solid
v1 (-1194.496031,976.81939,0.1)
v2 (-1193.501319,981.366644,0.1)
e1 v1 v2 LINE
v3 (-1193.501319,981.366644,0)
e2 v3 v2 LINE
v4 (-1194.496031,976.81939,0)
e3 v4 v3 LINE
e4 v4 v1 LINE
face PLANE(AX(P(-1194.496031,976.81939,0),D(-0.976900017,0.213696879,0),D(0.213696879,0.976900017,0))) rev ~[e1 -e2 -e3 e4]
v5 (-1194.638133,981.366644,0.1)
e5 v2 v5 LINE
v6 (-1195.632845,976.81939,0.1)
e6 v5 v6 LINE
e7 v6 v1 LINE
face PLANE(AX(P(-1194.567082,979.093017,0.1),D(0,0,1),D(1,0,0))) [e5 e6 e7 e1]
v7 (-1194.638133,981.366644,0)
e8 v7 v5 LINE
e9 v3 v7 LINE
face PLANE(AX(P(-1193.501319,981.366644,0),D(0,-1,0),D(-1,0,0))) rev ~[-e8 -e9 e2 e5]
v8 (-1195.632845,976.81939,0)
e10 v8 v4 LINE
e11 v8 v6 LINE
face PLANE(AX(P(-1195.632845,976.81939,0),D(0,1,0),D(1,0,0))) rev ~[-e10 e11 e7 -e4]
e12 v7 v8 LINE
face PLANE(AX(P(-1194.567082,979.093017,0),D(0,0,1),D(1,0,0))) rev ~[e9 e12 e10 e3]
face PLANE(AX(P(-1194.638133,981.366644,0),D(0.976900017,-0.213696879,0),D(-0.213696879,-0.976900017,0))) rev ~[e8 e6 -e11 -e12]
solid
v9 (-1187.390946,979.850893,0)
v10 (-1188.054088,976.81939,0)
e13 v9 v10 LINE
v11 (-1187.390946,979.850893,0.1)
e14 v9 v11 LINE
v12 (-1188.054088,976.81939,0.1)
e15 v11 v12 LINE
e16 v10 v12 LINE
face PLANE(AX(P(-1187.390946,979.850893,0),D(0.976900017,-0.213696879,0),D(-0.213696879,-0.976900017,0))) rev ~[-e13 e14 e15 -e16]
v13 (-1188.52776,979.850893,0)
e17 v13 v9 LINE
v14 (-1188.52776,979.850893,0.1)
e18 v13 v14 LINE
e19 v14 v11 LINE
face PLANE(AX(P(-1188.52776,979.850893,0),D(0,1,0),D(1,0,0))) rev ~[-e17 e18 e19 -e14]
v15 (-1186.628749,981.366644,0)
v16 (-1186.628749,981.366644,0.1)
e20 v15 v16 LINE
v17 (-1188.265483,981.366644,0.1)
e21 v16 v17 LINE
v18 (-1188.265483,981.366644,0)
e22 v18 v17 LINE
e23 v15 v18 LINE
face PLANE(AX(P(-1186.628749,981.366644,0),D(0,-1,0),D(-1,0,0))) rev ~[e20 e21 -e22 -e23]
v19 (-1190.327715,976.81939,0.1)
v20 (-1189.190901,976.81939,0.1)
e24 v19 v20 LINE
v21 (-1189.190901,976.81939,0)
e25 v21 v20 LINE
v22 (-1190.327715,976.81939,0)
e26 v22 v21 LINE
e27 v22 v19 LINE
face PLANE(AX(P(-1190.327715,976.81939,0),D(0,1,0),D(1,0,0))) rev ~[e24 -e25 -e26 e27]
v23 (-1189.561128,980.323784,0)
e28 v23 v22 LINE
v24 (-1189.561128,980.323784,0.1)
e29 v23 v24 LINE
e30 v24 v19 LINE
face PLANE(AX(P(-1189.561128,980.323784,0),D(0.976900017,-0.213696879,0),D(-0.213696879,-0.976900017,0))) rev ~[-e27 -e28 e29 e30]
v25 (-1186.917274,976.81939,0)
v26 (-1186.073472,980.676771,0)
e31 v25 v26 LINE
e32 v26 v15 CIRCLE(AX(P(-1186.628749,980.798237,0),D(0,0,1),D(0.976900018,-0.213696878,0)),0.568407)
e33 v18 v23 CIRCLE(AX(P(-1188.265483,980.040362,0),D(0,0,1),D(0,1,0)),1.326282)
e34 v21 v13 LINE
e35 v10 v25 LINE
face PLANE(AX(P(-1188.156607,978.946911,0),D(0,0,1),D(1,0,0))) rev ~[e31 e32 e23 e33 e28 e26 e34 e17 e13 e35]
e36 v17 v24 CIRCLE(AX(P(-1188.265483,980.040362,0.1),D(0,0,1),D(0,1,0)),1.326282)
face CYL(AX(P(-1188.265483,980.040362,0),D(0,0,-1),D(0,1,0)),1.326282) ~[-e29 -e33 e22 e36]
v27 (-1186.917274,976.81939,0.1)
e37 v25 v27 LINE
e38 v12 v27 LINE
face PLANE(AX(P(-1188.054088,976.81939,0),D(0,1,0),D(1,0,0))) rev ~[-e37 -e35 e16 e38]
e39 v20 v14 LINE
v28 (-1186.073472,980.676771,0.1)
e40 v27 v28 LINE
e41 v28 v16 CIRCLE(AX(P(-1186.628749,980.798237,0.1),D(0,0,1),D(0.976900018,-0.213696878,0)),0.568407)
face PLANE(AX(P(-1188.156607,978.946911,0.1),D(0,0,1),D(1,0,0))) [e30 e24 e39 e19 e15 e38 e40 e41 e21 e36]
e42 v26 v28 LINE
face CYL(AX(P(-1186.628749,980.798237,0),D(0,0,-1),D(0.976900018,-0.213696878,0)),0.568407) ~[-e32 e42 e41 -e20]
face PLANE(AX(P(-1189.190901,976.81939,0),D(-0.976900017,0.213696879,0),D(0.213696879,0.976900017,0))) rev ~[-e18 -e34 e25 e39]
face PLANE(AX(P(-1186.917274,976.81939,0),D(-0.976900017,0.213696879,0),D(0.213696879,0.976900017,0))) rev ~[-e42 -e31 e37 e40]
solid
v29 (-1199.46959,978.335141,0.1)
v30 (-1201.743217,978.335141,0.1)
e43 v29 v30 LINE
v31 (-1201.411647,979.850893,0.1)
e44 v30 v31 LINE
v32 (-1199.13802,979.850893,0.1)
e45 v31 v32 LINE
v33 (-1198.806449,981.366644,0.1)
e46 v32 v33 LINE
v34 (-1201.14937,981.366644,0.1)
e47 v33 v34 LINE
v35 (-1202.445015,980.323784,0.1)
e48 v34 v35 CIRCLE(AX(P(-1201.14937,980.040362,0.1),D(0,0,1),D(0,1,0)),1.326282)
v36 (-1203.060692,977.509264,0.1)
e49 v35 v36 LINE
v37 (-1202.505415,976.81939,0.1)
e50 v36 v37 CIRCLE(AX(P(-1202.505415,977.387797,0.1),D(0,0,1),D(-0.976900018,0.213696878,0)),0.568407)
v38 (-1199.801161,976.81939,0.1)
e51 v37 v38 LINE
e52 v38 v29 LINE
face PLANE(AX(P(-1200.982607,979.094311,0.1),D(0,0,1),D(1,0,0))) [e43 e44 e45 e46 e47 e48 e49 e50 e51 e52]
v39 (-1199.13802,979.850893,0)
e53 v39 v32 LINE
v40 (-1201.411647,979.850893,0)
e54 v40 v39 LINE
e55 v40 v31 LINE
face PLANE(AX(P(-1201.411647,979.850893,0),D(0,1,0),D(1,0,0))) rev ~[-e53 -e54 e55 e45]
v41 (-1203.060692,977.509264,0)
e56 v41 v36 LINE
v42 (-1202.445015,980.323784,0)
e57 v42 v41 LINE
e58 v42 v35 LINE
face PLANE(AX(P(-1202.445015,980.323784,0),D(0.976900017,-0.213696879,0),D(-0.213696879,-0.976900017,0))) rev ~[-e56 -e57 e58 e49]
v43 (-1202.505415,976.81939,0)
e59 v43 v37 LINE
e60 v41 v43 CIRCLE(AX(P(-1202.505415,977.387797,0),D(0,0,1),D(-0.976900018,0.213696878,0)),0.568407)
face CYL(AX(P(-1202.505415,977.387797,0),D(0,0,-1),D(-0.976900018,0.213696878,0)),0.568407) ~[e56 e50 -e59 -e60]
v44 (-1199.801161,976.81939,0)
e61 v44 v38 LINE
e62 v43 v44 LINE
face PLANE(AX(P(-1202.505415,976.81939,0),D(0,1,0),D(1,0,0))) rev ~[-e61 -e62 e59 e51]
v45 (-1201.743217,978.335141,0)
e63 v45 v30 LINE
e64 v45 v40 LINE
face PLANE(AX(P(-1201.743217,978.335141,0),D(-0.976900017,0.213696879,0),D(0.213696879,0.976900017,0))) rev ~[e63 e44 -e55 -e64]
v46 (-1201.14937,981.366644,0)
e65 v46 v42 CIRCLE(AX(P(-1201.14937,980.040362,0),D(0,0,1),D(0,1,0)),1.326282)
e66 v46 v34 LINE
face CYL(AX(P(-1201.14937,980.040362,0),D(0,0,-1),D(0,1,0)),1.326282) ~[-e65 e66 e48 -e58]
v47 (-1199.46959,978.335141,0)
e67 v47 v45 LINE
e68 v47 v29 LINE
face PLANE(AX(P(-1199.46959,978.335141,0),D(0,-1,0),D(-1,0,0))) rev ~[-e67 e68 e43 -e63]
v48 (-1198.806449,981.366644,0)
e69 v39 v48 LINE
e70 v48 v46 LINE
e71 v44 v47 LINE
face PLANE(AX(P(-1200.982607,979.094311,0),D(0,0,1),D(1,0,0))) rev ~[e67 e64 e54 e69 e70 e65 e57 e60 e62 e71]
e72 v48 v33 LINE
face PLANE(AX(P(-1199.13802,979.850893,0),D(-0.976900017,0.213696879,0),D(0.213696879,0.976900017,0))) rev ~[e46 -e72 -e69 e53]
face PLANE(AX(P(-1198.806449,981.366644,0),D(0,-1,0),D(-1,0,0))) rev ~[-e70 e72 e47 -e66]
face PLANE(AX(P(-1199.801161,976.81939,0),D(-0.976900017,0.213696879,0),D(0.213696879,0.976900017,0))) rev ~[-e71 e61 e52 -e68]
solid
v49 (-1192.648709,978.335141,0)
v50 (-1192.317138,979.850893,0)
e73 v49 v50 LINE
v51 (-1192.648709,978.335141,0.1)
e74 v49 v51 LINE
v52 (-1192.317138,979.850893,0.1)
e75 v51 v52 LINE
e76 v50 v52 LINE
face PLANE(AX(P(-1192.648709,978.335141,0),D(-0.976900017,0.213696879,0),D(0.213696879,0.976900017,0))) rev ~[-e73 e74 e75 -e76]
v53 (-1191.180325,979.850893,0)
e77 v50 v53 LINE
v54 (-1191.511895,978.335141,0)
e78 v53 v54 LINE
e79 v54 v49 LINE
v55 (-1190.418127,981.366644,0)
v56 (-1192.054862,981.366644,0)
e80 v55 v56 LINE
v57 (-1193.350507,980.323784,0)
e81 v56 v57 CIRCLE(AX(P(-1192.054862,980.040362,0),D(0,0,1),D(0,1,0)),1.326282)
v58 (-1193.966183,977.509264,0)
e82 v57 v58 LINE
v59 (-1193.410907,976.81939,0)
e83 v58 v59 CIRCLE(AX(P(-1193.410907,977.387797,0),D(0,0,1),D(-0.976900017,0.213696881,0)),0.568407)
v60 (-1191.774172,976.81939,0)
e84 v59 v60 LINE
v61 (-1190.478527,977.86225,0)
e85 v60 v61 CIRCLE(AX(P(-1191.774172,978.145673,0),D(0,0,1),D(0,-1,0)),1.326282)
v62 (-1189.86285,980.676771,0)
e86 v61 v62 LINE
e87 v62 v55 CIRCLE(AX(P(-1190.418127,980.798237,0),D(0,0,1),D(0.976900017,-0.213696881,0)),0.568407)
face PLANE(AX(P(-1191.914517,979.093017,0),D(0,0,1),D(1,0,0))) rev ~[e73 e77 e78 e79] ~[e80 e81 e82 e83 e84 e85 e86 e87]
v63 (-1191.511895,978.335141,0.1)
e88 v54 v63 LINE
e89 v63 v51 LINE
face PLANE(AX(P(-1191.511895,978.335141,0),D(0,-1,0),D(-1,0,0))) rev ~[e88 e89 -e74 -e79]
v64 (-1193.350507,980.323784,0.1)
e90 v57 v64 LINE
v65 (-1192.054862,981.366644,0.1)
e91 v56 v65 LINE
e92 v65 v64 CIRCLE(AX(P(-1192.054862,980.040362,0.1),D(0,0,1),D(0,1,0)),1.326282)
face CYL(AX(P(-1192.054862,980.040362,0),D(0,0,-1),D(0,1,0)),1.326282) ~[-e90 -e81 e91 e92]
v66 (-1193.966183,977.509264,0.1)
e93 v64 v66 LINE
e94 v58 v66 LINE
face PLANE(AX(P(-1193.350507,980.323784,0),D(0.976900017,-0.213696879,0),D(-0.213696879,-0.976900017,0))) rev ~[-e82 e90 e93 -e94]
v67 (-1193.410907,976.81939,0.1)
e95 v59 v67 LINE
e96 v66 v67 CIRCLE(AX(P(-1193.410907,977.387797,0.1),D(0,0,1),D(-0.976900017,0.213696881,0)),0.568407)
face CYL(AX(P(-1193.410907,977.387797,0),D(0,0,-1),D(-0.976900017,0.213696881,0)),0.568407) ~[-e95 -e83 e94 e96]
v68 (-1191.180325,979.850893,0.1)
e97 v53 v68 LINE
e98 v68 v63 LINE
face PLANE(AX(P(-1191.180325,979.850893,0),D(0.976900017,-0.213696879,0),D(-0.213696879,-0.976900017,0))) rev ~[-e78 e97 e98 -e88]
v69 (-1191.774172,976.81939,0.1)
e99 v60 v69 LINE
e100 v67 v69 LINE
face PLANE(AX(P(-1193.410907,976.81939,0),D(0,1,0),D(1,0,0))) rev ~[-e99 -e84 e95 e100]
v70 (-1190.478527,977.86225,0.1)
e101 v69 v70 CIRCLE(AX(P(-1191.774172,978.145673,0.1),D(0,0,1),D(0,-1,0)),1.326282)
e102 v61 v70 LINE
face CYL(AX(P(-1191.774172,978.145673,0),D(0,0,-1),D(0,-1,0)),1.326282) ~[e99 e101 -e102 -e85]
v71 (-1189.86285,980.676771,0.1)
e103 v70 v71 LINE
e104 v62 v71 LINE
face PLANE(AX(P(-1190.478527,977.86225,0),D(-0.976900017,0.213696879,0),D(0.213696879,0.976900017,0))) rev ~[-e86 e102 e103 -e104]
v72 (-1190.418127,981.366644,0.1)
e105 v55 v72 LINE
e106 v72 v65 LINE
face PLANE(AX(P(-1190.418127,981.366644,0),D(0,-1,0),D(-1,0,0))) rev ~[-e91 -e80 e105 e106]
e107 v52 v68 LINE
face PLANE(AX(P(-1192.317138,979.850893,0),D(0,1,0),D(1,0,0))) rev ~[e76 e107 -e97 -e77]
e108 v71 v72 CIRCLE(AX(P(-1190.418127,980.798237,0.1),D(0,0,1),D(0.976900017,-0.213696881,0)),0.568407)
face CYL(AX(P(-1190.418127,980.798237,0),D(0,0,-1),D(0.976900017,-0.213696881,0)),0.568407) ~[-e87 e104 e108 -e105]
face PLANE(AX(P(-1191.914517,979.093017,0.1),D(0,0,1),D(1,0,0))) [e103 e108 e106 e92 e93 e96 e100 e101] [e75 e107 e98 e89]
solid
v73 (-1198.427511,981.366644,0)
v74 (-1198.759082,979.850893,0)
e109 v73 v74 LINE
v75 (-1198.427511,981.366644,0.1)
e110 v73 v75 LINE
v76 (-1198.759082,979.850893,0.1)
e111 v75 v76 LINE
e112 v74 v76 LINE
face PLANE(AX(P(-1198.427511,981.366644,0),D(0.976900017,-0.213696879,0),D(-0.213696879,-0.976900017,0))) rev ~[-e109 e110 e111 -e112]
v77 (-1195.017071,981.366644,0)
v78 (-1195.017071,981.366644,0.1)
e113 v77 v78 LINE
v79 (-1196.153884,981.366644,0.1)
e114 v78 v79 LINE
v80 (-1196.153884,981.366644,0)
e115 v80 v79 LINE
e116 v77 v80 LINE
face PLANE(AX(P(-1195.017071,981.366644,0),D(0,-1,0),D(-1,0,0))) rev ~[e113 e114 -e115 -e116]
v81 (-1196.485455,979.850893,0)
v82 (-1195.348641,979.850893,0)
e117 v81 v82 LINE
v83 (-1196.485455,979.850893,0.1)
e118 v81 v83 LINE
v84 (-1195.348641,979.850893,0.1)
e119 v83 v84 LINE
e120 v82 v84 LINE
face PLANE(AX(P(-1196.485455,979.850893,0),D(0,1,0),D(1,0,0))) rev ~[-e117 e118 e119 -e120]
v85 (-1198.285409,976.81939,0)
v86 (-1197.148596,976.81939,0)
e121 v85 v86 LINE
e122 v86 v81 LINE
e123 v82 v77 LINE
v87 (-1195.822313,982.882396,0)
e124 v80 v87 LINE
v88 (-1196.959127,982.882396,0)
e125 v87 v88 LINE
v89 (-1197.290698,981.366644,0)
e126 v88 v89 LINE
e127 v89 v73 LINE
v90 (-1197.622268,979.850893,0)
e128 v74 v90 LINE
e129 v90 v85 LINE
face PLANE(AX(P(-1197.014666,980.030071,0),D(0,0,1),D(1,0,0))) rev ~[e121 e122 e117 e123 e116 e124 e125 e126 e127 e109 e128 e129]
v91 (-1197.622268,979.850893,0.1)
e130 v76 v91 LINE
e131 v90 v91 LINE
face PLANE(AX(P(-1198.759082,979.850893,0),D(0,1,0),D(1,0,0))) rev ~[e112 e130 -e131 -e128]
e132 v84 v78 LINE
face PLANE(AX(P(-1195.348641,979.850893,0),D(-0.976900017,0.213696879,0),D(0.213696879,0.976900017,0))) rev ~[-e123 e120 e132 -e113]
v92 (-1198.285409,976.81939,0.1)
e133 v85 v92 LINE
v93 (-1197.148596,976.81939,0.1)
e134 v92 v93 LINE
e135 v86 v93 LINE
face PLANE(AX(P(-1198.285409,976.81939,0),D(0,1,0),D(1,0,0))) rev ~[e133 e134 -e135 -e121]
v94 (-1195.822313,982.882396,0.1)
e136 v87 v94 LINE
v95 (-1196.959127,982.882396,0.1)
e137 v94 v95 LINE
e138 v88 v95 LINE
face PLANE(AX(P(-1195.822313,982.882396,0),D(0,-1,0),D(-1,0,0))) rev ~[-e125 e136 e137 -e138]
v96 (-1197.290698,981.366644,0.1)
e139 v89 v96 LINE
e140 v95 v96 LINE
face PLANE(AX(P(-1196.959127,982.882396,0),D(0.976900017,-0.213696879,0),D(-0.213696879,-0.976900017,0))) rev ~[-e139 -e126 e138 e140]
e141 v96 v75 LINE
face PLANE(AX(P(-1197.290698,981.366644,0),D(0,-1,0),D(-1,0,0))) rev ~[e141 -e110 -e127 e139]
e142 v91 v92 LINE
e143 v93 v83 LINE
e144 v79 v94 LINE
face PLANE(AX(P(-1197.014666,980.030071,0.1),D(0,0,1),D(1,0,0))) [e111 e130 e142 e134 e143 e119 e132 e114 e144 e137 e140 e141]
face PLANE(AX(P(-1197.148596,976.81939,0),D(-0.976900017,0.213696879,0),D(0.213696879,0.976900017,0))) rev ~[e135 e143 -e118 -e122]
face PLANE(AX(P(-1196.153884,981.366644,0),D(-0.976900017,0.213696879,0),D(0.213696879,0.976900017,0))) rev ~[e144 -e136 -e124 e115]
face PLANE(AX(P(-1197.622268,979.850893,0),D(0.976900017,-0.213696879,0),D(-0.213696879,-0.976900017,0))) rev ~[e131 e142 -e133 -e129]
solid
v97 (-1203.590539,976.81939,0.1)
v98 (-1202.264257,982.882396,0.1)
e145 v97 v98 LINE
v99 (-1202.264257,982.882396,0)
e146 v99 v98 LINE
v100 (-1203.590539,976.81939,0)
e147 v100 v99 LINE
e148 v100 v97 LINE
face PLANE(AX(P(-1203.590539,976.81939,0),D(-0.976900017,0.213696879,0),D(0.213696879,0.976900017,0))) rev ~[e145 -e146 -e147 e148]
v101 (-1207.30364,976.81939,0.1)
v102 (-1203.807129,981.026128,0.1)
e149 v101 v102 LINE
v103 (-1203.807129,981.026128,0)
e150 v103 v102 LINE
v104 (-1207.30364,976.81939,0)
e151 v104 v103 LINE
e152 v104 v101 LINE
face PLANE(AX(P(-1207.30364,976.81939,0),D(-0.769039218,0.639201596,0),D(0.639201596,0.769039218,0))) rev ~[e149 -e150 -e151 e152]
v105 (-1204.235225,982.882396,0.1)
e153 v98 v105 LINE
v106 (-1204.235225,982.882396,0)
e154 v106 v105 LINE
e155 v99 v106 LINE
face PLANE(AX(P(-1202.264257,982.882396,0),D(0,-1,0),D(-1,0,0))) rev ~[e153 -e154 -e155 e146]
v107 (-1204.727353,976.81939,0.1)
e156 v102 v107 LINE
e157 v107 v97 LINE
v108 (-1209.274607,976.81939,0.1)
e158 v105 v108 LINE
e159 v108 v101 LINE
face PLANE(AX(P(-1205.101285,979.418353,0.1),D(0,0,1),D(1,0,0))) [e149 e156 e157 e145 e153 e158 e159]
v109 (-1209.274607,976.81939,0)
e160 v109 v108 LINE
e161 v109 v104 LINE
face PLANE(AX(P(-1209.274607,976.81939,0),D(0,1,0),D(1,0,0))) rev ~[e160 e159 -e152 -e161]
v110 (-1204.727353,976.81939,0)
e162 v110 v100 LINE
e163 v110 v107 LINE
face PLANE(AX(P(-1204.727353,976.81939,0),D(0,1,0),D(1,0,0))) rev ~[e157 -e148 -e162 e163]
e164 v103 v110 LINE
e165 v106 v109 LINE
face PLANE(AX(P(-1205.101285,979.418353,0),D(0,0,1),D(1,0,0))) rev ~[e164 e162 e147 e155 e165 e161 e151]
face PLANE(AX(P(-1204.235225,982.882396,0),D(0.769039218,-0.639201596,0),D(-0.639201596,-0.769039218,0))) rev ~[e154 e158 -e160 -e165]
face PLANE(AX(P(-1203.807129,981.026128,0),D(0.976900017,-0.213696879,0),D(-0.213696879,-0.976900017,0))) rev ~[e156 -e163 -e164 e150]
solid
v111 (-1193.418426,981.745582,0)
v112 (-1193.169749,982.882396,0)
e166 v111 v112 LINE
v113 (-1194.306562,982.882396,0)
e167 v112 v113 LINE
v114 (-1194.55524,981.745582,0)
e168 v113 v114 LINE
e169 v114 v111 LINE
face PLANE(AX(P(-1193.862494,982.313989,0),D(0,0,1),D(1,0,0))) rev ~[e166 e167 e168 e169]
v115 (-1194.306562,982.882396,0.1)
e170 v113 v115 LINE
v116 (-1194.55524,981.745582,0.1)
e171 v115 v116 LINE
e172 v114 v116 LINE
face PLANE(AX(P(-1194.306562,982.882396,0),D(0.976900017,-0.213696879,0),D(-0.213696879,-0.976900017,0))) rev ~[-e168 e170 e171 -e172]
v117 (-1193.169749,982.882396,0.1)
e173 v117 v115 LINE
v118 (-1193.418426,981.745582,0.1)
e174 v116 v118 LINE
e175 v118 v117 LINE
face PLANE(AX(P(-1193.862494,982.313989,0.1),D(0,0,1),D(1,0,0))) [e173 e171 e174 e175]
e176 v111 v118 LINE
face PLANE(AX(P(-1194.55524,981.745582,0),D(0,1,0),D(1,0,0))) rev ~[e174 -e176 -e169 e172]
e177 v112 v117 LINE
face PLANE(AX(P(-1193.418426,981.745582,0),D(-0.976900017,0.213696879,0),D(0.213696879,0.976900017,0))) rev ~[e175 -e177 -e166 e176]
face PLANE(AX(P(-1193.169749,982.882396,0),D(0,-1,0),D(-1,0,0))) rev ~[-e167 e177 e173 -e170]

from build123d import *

# Parameters (mm, degrees)
EXTRUDE_1_DEPTH   = 0.1
EXTRUDE_1_2_DEPTH = 0.1
EXTRUDE_1_3_DEPTH = 0.1
EXTRUDE_1_4_DEPTH = 0.1
EXTRUDE_1_5_DEPTH = 0.1
EXTRUDE_1_6_DEPTH = 0.1
EXTRUDE_1_7_DEPTH = 0.1


with BuildPart() as part:
    # Model → 凸台-拉伸1 (new body)
    with BuildSketch(Plane.XY):
        with BuildLine():
            Line((-1190.478526859, 977.862250119), (-1189.862850473, 980.676770742))
            ThreePointArc((-1189.862850473, 980.676770742), (-1189.975335469, 981.15463877), (-1190.418127061, 981.366644271))
            Line((-1190.418127061, 981.366644271), (-1192.054861552, 981.366644271))
            ThreePointArc((-1192.054861552, 981.366644271), (-1192.886464525, 981.073542177), (-1193.350506926, 980.323784221))
            Line((-1193.350506926, 980.323784221), (-1193.966183312, 977.509263598))
            ThreePointArc((-1193.966183312, 977.509263598), (-1193.853698316, 977.03139557), (-1193.410906724, 976.819390069))
            Line((-1193.410906724, 976.819390069), (-1191.774172233, 976.819390069))
            ThreePointArc((-1191.774172233, 976.819390069), (-1190.94256926, 977.112492163), (-1190.478526859, 977.862250119))
        make_face()
        Polygon((-1192.648708977, 978.335141469), (-1192.317138358, 979.85089287), (-1191.180324808, 979.85089287), (-1191.511895427, 978.335141469), align=None, mode=Mode.SUBTRACT)
    extrude(amount=EXTRUDE_1_DEPTH)


with BuildPart() as body_2:
    # Model → Extrude 1 2 (new body)
    with BuildSketch(Plane.XY):
        with BuildLine():
            Line((-1201.743217383, 978.335141469), (-1201.411646764, 979.85089287))
            Line((-1201.411646764, 979.85089287), (-1199.138019662, 979.85089287))
            Line((-1199.138019662, 979.85089287), (-1198.806449043, 981.366644271))
            Line((-1198.806449043, 981.366644271), (-1201.149369958, 981.366644271))
            ThreePointArc((-1201.149369958, 981.366644271), (-1201.980972931, 981.073542177), (-1202.445015332, 980.323784221))
            Line((-1202.445015332, 980.323784221), (-1203.060691718, 977.509263598))
            ThreePointArc((-1203.060691718, 977.509263598), (-1202.948206721, 977.03139557), (-1202.505415129, 976.819390069))
            Line((-1202.505415129, 976.819390069), (-1199.8011609, 976.819390069))
            Line((-1199.8011609, 976.819390069), (-1199.469590281, 978.335141469))
            Line((-1199.469590281, 978.335141469), (-1201.743217383, 978.335141469))
        make_face()
    extrude(amount=EXTRUDE_1_2_DEPTH)


with BuildPart() as body_3:
    # Model → Extrude 1 3 (new body)
    with BuildSketch(Plane.XY):
        Polygon((-1197.290697643, 981.366644271), (-1198.427511193, 981.366644271), (-1198.759081812, 979.85089287), (-1197.622268262, 979.85089287), (-1198.285409499, 976.819390069), (-1197.148595949, 976.819390069), (-1196.485454711, 979.85089287), (-1195.34864116, 979.85089287), (-1195.017070541, 981.366644271), (-1196.153884092, 981.366644271), (-1195.822313473, 982.882395672), (-1196.959127024, 982.882395672), align=None)
    extrude(amount=EXTRUDE_1_3_DEPTH)


with BuildPart() as body_4:
    # Model → Extrude 1 4 (new body)
    with BuildSketch(Plane.XY):
        Polygon((-1193.50131914, 981.366644271), (-1194.638132691, 981.366644271), (-1195.632844548, 976.819390069), (-1194.496030997, 976.819390069), align=None)
    extrude(amount=EXTRUDE_1_4_DEPTH)


with BuildPart() as body_5:
    # Model → Extrude 1 5 (new body)
    with BuildSketch(Plane.XY):
        with BuildLine():
            Line((-1186.628748559, 981.366644271), (-1188.26548305, 981.366644271))
            ThreePointArc((-1188.26548305, 981.366644271), (-1189.097086023, 981.073542177), (-1189.561128424, 980.323784221))
            Line((-1189.561128424, 980.323784221), (-1190.327714645, 976.819390069))
            Line((-1190.327714645, 976.819390069), (-1189.190901094, 976.819390069))
            Line((-1189.190901094, 976.819390069), (-1188.527759856, 979.85089287))
            Line((-1188.527759856, 979.85089287), (-1187.390946306, 979.85089287))
            Line((-1187.390946306, 979.85089287), (-1188.054087543, 976.819390069))
            Line((-1188.054087543, 976.819390069), (-1186.917273993, 976.819390069))
            Line((-1186.917273993, 976.819390069), (-1186.07347197, 980.676770742))
            ThreePointArc((-1186.07347197, 980.676770742), (-1186.185956967, 981.15463877), (-1186.628748559, 981.366644271))
        make_face()
    extrude(amount=EXTRUDE_1_5_DEPTH)


with BuildPart() as body_6:
    # Model → Extrude 1 6 (new body)
    with BuildSketch(Plane.XY):
        Polygon((-1203.590539403, 976.819390069), (-1202.264256927, 982.882395672), (-1204.235224551, 982.882395672), (-1209.274607156, 976.819390069), (-1207.303639532, 976.819390069), (-1203.807128983, 981.026128217), (-1204.727352953, 976.819390069), align=None)
    extrude(amount=EXTRUDE_1_6_DEPTH)


with BuildPart() as body_7:
    # Model → Extrude 1 7 (new body)
    with BuildSketch(Plane.XY):
        Polygon((-1194.306562072, 982.882395672), (-1194.555240036, 981.745582121), (-1193.418426486, 981.745582121), (-1193.169748521, 982.882395672), align=None)
    extrude(amount=EXTRUDE_1_7_DEPTH)


solid = Compound([part.part, body_2.part, body_3.part, body_4.part, body_5.part, body_6.part, body_7.part])
